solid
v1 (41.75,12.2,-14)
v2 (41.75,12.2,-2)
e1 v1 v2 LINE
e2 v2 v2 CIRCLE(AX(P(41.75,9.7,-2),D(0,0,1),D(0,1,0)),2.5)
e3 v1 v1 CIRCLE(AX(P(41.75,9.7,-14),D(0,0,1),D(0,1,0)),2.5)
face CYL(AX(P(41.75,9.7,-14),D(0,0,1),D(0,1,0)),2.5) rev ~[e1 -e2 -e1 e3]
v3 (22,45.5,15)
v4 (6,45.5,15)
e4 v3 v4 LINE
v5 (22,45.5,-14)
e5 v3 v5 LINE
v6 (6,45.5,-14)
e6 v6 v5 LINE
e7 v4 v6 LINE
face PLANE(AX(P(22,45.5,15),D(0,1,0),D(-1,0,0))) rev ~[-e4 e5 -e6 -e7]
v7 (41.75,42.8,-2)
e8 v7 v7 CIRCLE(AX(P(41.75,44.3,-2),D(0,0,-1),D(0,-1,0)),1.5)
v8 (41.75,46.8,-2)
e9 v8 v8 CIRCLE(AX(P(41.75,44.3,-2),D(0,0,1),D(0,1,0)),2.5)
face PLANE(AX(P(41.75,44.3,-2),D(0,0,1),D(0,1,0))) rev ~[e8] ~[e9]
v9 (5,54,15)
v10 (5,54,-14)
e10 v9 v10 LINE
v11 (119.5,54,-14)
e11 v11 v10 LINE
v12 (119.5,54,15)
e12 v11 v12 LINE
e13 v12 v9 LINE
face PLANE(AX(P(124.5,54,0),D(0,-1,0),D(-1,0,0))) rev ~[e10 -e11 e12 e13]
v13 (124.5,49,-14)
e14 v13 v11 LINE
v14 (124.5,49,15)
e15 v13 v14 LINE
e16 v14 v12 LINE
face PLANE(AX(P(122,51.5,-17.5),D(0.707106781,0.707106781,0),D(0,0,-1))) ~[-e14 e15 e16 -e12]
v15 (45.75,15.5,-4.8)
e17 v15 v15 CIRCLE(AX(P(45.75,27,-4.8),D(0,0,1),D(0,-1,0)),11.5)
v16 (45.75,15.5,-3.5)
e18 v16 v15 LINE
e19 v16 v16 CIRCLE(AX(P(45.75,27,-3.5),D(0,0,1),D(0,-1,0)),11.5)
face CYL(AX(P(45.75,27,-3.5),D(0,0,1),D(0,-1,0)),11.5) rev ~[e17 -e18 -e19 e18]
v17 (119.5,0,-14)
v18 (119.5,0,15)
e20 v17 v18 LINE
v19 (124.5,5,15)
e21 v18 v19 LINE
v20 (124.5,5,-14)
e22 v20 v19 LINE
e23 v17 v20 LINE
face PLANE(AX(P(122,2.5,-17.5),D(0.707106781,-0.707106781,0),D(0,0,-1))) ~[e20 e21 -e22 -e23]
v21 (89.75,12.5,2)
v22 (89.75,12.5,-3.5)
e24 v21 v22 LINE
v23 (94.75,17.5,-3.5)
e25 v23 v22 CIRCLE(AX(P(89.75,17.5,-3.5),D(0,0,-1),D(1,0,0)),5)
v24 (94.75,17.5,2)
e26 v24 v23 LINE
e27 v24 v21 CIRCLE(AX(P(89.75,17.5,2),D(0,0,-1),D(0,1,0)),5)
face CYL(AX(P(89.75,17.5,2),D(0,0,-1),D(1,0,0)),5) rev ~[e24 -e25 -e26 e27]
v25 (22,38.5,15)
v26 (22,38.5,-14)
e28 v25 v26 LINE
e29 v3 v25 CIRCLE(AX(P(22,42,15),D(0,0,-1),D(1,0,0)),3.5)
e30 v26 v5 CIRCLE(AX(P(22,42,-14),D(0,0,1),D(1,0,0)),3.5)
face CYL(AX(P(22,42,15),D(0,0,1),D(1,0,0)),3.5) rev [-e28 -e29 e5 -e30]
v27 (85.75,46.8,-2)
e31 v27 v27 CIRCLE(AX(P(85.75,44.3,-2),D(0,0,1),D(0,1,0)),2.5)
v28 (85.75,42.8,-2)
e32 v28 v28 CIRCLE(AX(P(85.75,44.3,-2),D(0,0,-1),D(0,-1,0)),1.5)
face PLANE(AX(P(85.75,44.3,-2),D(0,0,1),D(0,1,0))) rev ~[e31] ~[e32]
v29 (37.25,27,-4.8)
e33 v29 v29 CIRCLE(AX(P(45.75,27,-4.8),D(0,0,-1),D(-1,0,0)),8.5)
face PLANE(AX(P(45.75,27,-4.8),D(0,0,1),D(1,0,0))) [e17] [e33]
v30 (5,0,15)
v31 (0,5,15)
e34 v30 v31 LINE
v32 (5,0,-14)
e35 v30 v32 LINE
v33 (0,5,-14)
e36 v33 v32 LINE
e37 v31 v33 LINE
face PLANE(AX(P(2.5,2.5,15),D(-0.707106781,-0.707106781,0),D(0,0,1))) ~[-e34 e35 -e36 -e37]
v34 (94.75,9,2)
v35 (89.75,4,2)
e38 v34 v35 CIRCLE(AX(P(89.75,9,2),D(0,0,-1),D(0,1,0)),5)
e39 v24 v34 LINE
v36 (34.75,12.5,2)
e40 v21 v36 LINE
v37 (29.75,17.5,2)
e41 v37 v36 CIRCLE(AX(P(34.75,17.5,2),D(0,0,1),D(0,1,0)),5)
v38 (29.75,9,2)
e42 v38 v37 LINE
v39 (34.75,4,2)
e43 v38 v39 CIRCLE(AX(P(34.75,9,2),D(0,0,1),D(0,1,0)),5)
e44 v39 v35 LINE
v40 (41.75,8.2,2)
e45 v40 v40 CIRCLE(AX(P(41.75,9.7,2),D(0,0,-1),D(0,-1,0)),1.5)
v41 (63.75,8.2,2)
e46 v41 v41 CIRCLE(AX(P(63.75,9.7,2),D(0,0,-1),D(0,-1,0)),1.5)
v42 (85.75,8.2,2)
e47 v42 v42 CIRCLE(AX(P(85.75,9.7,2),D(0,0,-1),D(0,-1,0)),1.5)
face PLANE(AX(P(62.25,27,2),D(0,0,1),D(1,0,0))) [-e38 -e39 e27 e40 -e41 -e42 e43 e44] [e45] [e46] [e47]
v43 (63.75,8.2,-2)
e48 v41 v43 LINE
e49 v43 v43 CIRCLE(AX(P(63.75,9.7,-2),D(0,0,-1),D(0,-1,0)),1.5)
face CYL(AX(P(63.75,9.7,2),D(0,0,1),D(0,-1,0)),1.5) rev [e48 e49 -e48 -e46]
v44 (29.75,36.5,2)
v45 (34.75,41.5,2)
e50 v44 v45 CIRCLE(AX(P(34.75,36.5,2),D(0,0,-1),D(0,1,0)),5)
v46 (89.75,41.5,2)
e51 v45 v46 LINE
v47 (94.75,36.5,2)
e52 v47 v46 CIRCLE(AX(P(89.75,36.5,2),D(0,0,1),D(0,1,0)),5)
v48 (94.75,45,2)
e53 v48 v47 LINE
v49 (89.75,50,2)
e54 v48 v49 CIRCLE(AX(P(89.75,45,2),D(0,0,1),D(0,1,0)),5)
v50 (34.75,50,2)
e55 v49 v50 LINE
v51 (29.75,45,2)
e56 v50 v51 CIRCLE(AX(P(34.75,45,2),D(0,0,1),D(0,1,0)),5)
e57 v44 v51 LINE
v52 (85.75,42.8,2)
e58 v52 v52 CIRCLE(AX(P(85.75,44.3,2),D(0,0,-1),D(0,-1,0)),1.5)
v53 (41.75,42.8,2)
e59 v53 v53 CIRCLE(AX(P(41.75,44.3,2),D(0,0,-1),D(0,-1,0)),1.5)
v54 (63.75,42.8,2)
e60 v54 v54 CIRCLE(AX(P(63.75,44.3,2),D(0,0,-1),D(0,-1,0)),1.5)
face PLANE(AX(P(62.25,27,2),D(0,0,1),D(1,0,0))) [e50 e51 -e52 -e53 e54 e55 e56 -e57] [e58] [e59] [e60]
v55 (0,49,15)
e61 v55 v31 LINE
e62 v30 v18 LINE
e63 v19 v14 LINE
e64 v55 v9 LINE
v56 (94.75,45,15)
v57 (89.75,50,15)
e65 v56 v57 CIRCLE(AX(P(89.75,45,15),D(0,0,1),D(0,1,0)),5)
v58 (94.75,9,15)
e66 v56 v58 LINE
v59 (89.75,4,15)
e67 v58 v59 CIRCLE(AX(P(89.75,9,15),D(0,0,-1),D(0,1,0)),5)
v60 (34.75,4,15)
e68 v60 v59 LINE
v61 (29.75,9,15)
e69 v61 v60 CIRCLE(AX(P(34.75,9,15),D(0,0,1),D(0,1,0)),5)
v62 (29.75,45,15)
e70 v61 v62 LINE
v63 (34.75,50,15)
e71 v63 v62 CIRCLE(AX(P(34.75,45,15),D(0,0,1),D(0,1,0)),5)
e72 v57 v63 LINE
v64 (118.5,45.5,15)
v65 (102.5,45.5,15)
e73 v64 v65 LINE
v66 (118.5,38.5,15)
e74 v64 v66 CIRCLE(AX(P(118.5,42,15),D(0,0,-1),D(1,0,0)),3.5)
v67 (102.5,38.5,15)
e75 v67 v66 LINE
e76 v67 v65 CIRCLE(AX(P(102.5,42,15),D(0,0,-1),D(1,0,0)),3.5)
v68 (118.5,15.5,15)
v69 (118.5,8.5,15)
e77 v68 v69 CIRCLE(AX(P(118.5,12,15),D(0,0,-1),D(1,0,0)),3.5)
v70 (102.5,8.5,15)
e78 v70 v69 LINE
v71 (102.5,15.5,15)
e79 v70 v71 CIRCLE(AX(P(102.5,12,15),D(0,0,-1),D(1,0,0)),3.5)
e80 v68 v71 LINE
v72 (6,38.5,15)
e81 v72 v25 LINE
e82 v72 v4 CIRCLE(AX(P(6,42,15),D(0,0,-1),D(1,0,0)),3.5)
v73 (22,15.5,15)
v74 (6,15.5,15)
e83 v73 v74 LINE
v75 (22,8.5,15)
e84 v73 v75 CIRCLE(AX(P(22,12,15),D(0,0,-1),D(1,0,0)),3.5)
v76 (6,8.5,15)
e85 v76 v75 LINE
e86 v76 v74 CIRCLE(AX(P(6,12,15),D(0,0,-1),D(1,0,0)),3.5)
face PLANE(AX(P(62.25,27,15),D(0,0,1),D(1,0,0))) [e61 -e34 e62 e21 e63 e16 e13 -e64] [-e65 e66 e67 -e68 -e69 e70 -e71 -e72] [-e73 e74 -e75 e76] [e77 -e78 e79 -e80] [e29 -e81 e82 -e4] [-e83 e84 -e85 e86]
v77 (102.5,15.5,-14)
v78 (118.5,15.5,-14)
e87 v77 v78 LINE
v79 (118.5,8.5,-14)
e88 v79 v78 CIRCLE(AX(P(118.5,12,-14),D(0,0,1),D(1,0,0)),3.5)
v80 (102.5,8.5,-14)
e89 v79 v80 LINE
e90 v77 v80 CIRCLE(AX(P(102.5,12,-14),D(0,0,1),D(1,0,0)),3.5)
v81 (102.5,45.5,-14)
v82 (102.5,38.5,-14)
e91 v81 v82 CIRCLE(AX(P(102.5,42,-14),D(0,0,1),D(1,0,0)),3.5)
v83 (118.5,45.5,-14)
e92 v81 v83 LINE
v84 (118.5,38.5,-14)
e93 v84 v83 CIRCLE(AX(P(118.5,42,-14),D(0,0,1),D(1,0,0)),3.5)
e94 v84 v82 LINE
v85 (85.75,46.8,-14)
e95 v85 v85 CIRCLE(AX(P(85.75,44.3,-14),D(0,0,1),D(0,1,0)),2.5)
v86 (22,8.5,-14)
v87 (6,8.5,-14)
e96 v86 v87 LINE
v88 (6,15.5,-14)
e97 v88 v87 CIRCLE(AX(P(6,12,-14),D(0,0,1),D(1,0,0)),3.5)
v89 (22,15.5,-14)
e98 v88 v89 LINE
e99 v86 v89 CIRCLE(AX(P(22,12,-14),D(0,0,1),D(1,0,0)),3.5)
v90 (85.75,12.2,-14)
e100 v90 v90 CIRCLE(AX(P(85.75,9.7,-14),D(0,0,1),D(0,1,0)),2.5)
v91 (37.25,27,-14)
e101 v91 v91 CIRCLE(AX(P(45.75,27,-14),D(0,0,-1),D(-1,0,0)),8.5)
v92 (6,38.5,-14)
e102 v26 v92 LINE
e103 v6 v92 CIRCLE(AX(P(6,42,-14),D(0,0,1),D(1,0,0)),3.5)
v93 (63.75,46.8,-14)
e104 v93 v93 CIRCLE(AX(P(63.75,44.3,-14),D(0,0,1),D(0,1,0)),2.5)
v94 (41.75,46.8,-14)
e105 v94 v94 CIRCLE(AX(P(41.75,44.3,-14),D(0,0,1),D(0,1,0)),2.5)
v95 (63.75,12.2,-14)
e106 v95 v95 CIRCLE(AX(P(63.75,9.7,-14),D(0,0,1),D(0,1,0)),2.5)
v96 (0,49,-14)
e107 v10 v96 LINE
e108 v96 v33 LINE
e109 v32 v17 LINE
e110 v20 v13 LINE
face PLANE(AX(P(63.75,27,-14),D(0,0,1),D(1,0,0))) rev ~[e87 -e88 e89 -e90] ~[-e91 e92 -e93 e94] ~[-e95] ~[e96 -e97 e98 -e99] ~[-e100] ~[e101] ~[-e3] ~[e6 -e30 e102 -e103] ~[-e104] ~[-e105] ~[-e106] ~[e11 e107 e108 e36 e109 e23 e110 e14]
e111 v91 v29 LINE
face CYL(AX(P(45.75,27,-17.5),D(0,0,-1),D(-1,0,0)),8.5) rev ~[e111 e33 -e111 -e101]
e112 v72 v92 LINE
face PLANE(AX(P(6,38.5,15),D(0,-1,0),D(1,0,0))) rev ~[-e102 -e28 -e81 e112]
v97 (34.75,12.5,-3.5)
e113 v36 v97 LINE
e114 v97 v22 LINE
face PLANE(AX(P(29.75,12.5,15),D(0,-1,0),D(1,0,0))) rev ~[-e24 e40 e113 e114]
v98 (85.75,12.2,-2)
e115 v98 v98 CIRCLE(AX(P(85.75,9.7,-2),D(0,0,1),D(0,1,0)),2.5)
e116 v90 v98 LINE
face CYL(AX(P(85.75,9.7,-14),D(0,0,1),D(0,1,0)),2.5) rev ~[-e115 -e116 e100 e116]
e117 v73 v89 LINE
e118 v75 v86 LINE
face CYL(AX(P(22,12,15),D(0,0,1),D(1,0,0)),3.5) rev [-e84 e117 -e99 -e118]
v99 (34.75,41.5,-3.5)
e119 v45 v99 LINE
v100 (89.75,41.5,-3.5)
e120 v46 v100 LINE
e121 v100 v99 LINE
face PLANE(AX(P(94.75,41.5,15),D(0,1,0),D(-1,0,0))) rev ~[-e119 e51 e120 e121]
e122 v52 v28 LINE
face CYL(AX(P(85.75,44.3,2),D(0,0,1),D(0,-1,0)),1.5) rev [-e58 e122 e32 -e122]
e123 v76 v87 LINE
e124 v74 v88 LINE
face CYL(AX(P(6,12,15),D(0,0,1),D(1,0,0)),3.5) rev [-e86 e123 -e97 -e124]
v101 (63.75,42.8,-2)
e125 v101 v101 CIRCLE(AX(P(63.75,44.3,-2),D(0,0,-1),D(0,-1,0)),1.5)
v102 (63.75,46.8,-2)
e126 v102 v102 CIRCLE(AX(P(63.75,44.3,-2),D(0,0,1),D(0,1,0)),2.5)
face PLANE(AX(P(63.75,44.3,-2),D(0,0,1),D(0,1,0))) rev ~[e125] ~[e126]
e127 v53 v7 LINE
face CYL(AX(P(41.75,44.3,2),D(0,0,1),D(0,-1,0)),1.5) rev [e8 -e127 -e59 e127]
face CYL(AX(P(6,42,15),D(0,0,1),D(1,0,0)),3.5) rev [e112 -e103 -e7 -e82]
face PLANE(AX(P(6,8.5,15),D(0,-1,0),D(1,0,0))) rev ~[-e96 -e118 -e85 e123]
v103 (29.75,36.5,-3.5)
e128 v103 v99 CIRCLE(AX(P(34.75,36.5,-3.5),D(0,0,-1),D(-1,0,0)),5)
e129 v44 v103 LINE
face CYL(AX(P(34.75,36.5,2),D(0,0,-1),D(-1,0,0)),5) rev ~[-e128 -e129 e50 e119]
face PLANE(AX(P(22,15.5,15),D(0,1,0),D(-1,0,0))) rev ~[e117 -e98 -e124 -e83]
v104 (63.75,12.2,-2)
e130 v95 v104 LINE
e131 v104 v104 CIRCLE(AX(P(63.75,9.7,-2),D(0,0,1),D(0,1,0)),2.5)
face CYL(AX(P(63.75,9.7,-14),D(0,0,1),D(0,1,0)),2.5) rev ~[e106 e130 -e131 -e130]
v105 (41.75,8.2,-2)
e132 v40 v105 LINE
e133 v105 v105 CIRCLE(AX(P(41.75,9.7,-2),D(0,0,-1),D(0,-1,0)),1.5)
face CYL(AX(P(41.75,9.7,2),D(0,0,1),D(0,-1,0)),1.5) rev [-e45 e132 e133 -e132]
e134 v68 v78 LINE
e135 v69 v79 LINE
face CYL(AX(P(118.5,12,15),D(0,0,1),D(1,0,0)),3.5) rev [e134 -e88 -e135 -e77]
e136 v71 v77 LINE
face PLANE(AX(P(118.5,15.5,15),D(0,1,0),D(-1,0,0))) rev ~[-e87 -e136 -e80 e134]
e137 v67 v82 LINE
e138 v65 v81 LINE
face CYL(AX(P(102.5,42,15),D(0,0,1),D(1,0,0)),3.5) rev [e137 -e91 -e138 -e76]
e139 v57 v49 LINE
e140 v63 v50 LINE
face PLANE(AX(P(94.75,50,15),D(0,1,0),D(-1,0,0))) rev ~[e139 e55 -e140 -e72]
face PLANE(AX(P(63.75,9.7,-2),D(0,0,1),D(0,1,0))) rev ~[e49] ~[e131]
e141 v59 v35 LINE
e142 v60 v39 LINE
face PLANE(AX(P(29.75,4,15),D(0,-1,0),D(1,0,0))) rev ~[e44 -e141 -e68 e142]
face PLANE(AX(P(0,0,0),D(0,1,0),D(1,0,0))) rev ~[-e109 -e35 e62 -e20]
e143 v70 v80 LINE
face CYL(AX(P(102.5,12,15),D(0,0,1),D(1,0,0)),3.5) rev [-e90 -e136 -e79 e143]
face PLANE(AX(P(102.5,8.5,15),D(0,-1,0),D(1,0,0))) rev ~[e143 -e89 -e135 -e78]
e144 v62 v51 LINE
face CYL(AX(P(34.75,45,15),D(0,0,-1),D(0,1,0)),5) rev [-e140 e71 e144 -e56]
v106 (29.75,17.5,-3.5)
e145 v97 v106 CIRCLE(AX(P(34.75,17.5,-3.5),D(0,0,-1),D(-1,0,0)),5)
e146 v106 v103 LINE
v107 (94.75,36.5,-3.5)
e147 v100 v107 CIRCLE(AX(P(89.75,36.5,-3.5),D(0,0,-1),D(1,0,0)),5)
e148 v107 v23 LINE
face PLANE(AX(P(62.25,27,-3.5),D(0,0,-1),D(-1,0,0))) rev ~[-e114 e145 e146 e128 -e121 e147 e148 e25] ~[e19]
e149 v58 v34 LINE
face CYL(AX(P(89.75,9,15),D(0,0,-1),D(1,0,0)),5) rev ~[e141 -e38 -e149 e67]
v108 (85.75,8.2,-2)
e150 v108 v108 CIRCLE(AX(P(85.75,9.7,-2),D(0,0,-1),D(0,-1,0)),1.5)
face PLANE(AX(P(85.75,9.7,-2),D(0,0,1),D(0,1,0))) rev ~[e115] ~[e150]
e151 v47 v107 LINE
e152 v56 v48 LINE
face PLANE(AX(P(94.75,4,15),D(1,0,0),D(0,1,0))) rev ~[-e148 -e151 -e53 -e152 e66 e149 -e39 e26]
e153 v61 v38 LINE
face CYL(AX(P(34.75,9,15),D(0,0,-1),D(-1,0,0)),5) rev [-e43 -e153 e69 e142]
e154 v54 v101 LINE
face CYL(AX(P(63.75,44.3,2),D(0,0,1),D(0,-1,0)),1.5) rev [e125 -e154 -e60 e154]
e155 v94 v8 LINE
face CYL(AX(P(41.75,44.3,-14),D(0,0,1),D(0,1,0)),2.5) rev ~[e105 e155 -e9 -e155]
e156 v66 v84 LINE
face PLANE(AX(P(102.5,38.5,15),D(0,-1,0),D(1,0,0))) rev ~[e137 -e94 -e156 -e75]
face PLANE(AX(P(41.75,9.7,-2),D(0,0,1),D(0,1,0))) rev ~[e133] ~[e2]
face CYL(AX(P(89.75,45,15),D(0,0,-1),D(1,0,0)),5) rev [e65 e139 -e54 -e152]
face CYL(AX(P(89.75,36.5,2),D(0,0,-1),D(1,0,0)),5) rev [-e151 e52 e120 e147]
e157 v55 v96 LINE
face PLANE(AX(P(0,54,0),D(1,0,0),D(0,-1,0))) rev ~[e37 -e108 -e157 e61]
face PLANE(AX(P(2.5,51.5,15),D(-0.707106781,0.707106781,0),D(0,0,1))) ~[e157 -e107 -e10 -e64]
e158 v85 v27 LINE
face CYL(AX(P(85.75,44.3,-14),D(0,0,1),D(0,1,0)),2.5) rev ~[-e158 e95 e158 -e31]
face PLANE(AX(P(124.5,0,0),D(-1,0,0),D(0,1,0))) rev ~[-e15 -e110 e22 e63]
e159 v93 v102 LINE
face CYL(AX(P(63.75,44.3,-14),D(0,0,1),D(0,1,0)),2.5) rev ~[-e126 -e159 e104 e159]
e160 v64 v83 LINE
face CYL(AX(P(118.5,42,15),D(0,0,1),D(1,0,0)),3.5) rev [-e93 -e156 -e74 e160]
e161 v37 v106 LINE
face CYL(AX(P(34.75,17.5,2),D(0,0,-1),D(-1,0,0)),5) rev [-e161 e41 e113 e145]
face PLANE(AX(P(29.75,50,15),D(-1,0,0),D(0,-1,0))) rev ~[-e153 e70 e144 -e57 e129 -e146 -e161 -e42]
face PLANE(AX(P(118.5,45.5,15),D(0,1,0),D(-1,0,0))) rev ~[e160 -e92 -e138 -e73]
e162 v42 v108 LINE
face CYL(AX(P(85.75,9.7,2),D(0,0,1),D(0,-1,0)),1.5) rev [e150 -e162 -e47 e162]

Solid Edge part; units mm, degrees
sketch "Sketch1" plane through (0, 0, 0) normal (0, 0, 1) x (1, 0, 0)
  line L0 (0, 0) -> (124.5, 0)
  line L1 (124.5, 0) -> (124.5, 54)
  line L2 (124.5, 54) -> (0, 54)
  line L3 (0, 54) -> (0, 0)
extrude "Protrusion1" add sketch "Sketch1" along normal up to vertex (15 mm away) and the other way up to vertex (17.5 mm away)
chamfer "Chamfer1" distance 5 angle 45 4 edges at (0, 0, -1.25) (124.5, 0, -1.25) (124.5, 54, -1.25) (0, 54, -1.25)
sketch "Sketch2" plane through (62.25, 27, 15) normal (0, 0, 1) x (1, 0, 0)
  line L0 (-56.25, 11.5) -> (-40.25, 11.5)
  line L1 (-40.25, 18.5) -> (-56.25, 18.5)
  arc A0 (-40.25, 18.5) -> (-40.25, 11.5) centre (-40.25, 15) cw
  arc A1 (-56.25, 11.5) -> (-56.25, 18.5) centre (-56.25, 15) cw
extrude "Cutout1" cut sketch "Sketch2" against normal through all
pattern_linear "Pattern1" count 2 spacing 96.5 along (1, 0, 0) count 2 spacing 30 along (0, -1, 0) of "Cutout1"
sketch "Sketch3" plane through (62.25, 27, 15) normal (0, 0, 1) x (1, 0, 0)
  line L0 (32.5, 14.5) -> (-32.5, 14.5)
  line L1 (-32.5, 14.5) -> (-32.5, -14.5)
  line L2 (-32.5, -14.5) -> (32.5, -14.5)
  line L3 (32.5, -14.5) -> (32.5, 14.5)
extrude "Cutout2" cut sketch "Sketch3" against normal through all
sketch "Sketch4" plane through (62.25, 27, 15) normal (0, 0, 1) x (1, 0, 0)
  line L0 (32.5, 23) -> (-32.5, 23)
  line L1 (-32.5, 23) -> (-32.5, -23)
  line L2 (-32.5, -23) -> (32.5, -23)
  line L3 (32.5, -23) -> (32.5, 23)
extrude "VaciadoExtruido_3" cut sketch "Sketch4" against normal blind 13
fillet "Redondeo_1" radius 5 8 edges at (29.75, 50, 8.5) (94.75, 50, 8.5) (94.75, 4, 8.5) (94.75, 12.5, -7.75) (94.75, 41.5, -7.75) (29.75, 41.5, -7.75) (29.75, 4, 8.5) (29.75, 12.5, -7.75)
sketch "Sketch5" plane through (62.25, 27, -17.5) normal (0, 0, -1) x (-1, 0, 0)
  line L0 (-32.5, 23) -> (-32.5, -23)
  line L1 (-32.5, -23) -> (32.5, -23)
  line L2 (32.5, -23) -> (32.5, 23)
  line L3 (32.5, 23) -> (-32.5, 23)
extrude "Protrusion2" add sketch "Sketch5" against normal up to vertex (14 mm away)
sketch "Sketch6" plane through (62.25, 27, -17.5) normal (0, 0, -1) x (-1, 0, 0)
  circle A0 centre (16.5, 0) radius 8.5
extrude "Cutout3" cut sketch "Sketch6" against normal up to vertex (14 mm away)
hole "Agujero_1" at (41.75, 9.7, 2) direction (0, 0, -1) diameter 3 end through all
hole "Hole1" at (63.75, 9.7, 2) direction (0, 0, -1) diameter 3 end through all
hole "Hole2" at (85.75, 9.7, 2) direction (0, 0, -1) diameter 3 end through all
hole "Hole3" at (41.75, 44.3, 2) direction (0, 0, -1) diameter 3 end through all
hole "Hole4" at (63.75, 44.3, 2) direction (0, 0, -1) diameter 3 end through all
hole "Hole5" at (85.75, 44.3, 2) direction (0, 0, -1) diameter 3 end through all
sketch "Sketch7" plane through (14, 27, -14) normal (0, 0, -1) x (-1, 0, 0)
  line L0 (15.0837, -36.0096) -> (-114.5837, -36.0096)
  line L1 (-114.5837, -36.0096) -> (-114.5837, 36.0096)
  line L2 (-114.5837, 36.0096) -> (15.0837, 36.0096)
  line L3 (15.0837, 36.0096) -> (15.0837, -36.0096)
extrude "VaciadoExtruido_8" cut sketch "Sketch7" along normal through all
hole "Agujero_7" at (41.75, 9.7, -14) direction (0, 0, 1) diameter 3 end up to next counterbore diameter 5 counterbore depth 12
hole "Hole6" at (63.75, 9.7, -14) direction (0, 0, 1) diameter 3 end up to next counterbore diameter 5 counterbore depth 12
hole "Hole7" at (85.75, 9.7, -14) direction (0, 0, 1) diameter 3 end up to next counterbore diameter 5 counterbore depth 12
hole "Hole8" at (41.75, 44.3, -14) direction (0, 0, 1) diameter 3 end up to next counterbore diameter 5 counterbore depth 12
hole "Hole9" at (63.75, 44.3, -14) direction (0, 0, 1) diameter 3 end up to next counterbore diameter 5 counterbore depth 12
hole "Hole10" at (85.75, 44.3, -14) direction (0, 0, 1) diameter 3 end up to next counterbore diameter 5 counterbore depth 12
sketch "Sketch8" plane through (62.25, 27, -3.5) normal (0, 0, 1) x (0, -1, 0)
  circle A0 centre (0, -16.5) radius 11.5
  dimension "D1" = 23
extrude "VaciadoExtruido_9" cut sketch "Sketch8" against normal blind 1.3
properties part number "1976-1300-002" material "Aluminio, 7075-T6"
